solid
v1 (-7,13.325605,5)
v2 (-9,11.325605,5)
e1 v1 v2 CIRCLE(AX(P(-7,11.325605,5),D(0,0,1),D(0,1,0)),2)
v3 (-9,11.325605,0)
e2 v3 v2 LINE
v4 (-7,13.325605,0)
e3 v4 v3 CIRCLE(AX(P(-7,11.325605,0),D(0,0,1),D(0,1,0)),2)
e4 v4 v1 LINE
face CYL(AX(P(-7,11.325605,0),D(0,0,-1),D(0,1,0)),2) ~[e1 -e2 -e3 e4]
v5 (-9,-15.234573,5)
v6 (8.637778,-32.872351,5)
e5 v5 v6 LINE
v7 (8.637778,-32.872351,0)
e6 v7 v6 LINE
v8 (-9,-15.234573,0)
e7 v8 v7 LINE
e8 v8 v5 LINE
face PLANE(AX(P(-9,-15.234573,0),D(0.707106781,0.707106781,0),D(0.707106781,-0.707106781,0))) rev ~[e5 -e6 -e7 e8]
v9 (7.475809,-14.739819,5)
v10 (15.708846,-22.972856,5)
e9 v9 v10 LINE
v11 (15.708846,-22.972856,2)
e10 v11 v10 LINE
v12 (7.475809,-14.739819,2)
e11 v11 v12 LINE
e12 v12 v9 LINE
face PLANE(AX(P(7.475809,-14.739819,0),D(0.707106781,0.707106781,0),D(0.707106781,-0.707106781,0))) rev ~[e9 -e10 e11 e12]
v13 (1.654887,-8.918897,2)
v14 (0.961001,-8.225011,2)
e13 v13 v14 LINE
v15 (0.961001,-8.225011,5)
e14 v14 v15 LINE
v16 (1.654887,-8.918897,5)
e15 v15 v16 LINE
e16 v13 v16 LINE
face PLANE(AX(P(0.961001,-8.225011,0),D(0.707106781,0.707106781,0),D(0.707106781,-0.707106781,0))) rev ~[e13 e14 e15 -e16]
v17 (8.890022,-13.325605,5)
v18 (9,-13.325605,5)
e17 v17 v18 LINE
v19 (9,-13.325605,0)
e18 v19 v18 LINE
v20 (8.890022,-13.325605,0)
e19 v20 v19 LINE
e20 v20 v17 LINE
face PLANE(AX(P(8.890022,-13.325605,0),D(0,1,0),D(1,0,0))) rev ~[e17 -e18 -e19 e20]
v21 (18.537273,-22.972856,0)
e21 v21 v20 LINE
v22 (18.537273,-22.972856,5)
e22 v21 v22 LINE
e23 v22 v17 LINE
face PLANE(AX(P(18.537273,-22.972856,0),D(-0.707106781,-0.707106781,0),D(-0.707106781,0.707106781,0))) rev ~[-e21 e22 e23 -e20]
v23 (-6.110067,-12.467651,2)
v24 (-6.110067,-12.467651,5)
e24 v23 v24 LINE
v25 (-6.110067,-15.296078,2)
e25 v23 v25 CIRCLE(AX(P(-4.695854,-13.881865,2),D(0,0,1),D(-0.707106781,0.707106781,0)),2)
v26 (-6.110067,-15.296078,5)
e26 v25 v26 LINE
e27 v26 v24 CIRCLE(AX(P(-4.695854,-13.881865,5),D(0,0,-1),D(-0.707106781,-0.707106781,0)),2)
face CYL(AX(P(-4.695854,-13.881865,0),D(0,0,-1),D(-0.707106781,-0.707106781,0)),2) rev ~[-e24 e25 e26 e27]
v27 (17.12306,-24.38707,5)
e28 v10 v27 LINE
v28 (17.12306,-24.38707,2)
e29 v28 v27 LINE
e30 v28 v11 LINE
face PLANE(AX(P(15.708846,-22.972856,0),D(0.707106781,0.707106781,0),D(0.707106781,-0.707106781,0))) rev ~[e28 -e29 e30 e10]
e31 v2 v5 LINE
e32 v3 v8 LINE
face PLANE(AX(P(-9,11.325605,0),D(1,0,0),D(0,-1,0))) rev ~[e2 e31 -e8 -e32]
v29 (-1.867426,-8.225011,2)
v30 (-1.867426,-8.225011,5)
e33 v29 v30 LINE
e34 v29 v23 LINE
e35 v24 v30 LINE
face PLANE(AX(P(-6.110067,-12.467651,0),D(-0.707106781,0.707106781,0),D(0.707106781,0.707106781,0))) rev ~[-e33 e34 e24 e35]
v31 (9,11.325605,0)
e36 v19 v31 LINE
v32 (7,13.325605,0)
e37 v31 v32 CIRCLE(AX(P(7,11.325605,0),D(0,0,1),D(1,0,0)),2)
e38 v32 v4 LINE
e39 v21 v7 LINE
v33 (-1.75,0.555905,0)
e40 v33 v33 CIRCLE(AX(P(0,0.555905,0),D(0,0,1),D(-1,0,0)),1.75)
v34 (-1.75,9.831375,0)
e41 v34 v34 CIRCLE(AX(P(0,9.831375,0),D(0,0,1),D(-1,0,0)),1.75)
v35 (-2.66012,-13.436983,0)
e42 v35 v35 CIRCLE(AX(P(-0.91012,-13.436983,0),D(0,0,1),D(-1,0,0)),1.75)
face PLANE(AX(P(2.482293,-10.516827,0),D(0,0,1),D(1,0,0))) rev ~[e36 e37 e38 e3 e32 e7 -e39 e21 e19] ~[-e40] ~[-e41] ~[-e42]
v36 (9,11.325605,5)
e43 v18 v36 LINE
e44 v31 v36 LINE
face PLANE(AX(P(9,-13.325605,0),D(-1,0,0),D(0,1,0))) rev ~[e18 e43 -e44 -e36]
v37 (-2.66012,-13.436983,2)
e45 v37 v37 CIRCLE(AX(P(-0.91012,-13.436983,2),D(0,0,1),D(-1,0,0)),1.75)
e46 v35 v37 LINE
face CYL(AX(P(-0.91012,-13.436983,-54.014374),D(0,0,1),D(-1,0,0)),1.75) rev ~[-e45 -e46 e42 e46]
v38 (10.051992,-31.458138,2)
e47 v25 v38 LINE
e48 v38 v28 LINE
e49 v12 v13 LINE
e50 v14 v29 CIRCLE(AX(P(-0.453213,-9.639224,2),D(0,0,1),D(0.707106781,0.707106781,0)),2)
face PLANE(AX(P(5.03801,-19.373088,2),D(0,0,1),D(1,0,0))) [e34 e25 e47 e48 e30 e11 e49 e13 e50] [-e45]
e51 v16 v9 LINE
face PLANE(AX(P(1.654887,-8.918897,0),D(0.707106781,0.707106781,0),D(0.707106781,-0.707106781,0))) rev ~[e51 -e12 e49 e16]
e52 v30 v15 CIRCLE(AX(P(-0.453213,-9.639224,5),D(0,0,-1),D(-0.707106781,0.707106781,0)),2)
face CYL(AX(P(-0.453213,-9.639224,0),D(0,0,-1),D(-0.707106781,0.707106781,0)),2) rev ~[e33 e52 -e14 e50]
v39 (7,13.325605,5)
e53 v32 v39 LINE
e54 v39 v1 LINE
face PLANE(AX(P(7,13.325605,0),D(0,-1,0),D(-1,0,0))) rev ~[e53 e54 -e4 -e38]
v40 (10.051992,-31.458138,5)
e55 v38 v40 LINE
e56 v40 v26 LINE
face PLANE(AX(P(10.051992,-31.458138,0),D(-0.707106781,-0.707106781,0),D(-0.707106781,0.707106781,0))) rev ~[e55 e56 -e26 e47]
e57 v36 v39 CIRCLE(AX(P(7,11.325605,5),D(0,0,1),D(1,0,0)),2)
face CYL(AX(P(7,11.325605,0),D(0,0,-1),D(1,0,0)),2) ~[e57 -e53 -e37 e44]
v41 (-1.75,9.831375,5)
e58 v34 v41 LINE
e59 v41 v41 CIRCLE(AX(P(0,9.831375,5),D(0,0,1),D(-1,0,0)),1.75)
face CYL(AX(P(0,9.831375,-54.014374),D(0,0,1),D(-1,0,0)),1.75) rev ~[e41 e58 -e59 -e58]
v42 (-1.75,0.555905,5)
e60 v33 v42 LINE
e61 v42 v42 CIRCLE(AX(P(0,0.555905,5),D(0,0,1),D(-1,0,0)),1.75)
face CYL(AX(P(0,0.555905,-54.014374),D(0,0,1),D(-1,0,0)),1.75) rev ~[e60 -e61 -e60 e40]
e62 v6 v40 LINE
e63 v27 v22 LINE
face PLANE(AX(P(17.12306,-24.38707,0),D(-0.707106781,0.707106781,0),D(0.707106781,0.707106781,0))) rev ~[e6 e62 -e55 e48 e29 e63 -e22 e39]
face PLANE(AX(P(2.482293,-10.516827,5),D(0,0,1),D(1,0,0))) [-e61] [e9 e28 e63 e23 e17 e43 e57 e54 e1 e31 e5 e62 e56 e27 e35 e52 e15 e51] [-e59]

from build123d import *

# Parameters (mm, degrees)
F1_DEPTH = 2
F2_DEPTH = 5
F3_D     = 3.5


with BuildPart() as f1:
    # F0 (on Top) → F1 (new body)
    with BuildSketch(Plane.XY):
        with BuildLine():
            Line((10.0519920066, -31.4581375476), (17.1230598185, -24.3870697357))
            Line((17.1230598185, -24.3870697357), (15.7088462561, -22.9728561734))
            Line((15.7088462561, -22.9728561734), (7.4758086988, -14.739818616))
            Line((7.4758086988, -14.739818616), (1.6548871607, -8.918897078))
            Line((1.6548871607, -8.918897078), (0.9610006781, -8.2250105953))
            ThreePointArc((0.9610006781, -8.2250105953), (-0.4532128843, -7.6392241577), (-1.8674264467, -8.2250105953))
            Line((-1.8674264467, -8.2250105953), (-6.1100671338, -12.4676512825))
            ThreePointArc((-6.1100671338, -12.4676512825), (-6.6958535714, -13.8818648448), (-6.1100671338, -15.2960784072))
            Line((-6.1100671338, -15.2960784072), (-4.0901436171, -17.3160019239))
            Line((-4.0901436171, -17.3160019239), (8.6377784442, -30.0439239852))
            Line((8.6377784442, -30.0439239852), (10.0519920066, -31.4581375476))
        make_face()
    extrude(amount=F1_DEPTH)

    # F0 (on Top) → F2 (join)
    with BuildSketch(Plane.XY):
        with BuildLine():
            Line((8.8900222611, -13.3256050537), (9, -13.3256050537))
            Line((9, -13.3256050537), (9, 11.3256050537))
            ThreePointArc((9, 11.3256050537), (8.4142135624, 12.739818616), (7, 13.3256050537))
            Line((7, 13.3256050537), (-7, 13.3256050537))
            ThreePointArc((-7, 13.3256050537), (-8.4142135624, 12.739818616), (-9, 11.3256050537))
            Line((-9, 11.3256050537), (-9, -13.3256050537))
            Line((-9, -13.3256050537), (-9, -15.2345726658))
            Line((-9, -15.2345726658), (-5.5043571795, -18.7302154863))
            Line((-5.5043571795, -18.7302154863), (8.6377784442, -32.87235111))
            Line((8.6377784442, -32.87235111), (10.0519920066, -31.4581375476))
            Line((10.0519920066, -31.4581375476), (8.6377784442, -30.0439239852))
            Line((8.6377784442, -30.0439239852), (-4.0901436171, -17.3160019239))
            Line((-4.0901436171, -17.3160019239), (-6.1100671338, -15.2960784072))
            ThreePointArc((-6.1100671338, -15.2960784072), (-6.6958535714, -13.8818648448), (-6.1100671338, -12.4676512825))
            Line((-6.1100671338, -12.4676512825), (-1.8674264467, -8.2250105953))
            ThreePointArc((-1.8674264467, -8.2250105953), (-0.4532128843, -7.6392241577), (0.9610006781, -8.2250105953))
            Line((0.9610006781, -8.2250105953), (1.6548871607, -8.918897078))
            Line((1.6548871607, -8.918897078), (7.4758086988, -14.739818616))
            Line((7.4758086988, -14.739818616), (15.7088462561, -22.9728561734))
            Line((15.7088462561, -22.9728561734), (17.1230598185, -24.3870697357))
            Line((17.1230598185, -24.3870697357), (18.5372733808, -22.9728561734))
            Line((18.5372733808, -22.9728561734), (8.8900222611, -13.3256050537))
        make_face()
    extrude(amount=F2_DEPTH)

    # F3 (through all)
    with Locations(Plane(origin=(0, 0, 0), x_dir=(1, 0, 0), z_dir=(0, 0, -1))):
        with Locations((0, -0.5559050478), (-0.9101199103, 13.4369833395), (0, -9.8313745111)):
            Hole(F3_D / 2)


solid = f1.part
